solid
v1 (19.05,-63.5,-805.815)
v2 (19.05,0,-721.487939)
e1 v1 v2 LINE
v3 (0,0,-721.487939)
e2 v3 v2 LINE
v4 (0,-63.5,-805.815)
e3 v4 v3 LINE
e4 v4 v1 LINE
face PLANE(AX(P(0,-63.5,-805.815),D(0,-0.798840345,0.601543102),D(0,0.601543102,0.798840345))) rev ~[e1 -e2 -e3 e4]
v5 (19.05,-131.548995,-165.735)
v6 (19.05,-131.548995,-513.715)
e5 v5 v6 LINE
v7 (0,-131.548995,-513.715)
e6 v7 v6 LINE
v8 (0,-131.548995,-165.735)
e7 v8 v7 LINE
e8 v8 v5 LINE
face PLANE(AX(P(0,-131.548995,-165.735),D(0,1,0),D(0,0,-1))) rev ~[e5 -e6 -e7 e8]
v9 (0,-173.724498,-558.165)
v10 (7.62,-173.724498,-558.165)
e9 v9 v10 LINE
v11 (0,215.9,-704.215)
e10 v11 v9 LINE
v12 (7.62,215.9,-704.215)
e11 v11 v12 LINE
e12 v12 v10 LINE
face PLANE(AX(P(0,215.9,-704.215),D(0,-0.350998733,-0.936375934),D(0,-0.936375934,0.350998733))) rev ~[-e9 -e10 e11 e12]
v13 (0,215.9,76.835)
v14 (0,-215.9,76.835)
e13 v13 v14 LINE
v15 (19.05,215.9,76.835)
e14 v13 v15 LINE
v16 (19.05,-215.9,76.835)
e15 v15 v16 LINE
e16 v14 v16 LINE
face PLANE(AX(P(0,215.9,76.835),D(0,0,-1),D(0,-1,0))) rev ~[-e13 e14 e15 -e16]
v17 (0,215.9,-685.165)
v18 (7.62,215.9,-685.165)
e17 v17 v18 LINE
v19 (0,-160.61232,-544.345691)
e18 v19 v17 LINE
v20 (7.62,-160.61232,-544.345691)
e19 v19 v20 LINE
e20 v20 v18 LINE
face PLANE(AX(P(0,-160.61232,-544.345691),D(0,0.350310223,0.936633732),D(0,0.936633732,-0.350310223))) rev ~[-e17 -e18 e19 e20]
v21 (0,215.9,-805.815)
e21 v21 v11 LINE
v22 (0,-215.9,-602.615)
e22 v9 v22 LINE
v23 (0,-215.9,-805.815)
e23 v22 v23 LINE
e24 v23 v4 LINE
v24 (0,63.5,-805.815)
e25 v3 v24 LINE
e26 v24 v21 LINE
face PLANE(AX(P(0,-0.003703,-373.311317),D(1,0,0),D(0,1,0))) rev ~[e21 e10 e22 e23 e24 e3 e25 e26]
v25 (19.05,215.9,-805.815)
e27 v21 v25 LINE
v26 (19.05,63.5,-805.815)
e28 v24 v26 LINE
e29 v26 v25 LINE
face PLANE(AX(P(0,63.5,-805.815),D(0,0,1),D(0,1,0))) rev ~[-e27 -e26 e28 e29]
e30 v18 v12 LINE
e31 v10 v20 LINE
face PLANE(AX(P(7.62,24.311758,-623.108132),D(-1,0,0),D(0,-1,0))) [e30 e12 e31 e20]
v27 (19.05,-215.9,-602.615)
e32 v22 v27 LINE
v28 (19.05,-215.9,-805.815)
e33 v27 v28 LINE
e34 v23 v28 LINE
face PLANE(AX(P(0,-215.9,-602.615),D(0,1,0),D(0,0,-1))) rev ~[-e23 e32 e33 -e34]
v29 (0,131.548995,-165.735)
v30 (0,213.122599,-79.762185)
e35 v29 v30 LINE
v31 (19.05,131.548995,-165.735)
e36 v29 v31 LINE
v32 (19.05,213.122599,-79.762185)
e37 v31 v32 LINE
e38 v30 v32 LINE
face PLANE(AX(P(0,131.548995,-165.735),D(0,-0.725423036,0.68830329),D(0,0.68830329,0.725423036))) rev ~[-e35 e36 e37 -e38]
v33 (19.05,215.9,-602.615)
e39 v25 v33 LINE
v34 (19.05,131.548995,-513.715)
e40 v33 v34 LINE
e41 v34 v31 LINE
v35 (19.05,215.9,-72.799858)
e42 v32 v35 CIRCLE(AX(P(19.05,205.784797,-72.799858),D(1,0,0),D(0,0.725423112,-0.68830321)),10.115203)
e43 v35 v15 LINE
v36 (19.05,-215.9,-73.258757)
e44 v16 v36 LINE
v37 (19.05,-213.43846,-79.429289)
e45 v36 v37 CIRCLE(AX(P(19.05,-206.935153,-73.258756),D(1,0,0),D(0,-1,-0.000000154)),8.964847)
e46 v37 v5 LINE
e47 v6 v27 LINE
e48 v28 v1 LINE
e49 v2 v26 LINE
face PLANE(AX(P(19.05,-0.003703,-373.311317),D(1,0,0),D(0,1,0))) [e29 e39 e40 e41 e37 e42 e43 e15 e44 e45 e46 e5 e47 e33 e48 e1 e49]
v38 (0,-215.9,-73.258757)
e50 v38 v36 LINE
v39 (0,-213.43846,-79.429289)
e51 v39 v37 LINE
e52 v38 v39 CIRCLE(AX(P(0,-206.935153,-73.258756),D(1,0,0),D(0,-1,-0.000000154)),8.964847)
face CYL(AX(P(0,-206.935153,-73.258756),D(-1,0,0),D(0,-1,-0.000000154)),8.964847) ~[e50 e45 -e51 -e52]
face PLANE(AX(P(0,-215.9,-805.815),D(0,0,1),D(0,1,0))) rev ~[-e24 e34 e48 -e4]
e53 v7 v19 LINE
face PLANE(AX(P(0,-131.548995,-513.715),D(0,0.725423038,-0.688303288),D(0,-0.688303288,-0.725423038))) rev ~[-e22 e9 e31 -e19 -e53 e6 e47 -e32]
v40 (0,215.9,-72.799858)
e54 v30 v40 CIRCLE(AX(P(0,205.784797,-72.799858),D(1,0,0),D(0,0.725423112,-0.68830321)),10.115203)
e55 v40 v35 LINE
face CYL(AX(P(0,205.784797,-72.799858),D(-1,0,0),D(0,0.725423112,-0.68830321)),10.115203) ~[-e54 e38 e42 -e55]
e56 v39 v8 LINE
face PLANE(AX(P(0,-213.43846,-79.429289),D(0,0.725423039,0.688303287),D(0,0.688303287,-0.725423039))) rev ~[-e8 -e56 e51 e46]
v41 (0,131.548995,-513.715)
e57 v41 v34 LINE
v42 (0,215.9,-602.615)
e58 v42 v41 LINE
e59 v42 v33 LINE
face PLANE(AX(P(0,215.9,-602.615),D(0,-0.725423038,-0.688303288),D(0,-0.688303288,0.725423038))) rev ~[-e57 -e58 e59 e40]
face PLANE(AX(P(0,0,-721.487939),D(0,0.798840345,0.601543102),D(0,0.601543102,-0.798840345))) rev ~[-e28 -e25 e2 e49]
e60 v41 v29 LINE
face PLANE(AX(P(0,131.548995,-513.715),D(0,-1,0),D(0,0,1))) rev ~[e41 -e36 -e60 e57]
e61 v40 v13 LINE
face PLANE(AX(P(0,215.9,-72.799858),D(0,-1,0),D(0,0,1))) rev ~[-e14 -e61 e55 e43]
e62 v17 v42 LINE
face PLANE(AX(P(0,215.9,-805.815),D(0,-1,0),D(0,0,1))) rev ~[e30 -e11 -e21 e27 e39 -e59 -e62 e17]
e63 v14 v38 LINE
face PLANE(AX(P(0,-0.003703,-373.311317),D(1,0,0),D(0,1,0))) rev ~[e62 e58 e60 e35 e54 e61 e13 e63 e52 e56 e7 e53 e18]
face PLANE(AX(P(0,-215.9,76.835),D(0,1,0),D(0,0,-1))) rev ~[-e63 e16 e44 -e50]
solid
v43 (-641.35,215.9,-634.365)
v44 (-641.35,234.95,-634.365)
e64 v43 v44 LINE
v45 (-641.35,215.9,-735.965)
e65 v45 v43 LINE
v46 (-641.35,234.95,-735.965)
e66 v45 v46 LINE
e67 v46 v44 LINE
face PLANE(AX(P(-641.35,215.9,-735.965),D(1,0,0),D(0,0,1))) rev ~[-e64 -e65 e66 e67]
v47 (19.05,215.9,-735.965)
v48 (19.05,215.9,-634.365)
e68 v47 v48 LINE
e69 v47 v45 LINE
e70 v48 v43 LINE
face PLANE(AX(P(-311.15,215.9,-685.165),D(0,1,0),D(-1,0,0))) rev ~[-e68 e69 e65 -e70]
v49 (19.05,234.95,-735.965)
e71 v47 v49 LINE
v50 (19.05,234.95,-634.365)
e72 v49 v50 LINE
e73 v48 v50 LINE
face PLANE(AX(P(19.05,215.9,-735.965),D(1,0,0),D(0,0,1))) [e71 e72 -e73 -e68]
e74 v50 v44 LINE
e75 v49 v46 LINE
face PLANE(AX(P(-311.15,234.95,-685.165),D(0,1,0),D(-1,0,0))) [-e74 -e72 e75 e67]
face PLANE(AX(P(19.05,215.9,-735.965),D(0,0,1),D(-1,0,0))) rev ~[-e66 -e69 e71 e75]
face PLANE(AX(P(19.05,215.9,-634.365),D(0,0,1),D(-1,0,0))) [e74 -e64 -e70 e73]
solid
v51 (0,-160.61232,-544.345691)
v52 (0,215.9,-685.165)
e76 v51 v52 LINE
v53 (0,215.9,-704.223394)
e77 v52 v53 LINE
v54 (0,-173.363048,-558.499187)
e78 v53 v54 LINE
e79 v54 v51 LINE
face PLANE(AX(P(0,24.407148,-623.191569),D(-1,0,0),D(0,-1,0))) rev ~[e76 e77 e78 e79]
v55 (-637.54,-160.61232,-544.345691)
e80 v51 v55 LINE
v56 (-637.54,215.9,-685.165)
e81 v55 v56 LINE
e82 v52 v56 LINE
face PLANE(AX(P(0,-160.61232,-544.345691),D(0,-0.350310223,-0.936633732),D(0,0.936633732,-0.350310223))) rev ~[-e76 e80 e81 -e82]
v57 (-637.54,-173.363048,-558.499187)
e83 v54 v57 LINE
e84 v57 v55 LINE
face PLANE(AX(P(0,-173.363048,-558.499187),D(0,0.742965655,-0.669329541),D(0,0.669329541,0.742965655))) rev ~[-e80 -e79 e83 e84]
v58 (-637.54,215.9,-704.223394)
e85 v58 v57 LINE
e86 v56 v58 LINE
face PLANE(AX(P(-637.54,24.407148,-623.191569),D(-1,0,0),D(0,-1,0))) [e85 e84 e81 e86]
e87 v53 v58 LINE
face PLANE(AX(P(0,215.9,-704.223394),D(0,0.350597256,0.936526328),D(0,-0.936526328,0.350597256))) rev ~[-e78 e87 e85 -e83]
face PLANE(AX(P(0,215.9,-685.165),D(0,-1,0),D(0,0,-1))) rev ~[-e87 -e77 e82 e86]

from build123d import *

# Parameters (mm, degrees)
F1_DEPTH = 19.05
F3_DEPTH = 7.62
F4_W     = 660.4
F4_H     = 101.6
F5_DEPTH = 19.05
F7_DEPTH = 637.54


with BuildPart() as f1:
    # F0 (on Right) → F1 (new body)
    with BuildSketch(Plane.YZ):
        with BuildLine():
            Line((215.9, -72.799858), (215.9, 76.835))
            Line((215.9, 76.835), (-215.9, 76.835))
            Line((-215.9, 76.835), (-215.9, -73.258757))
            ThreePointArc((-215.9, -73.258757), (-215.261906, -76.580452), (-213.43846, -79.429289))
            Line((-213.43846, -79.429289), (-131.548995, -165.735))
            Line((-131.548995, -165.735), (-131.548995, -513.715))
            Line((-131.548995, -513.715), (-215.9, -602.615))
            Line((-215.9, -602.615), (-215.9, -805.815))
            Line((-215.9, -805.815), (-63.5, -805.815))
            Line((-63.5, -805.815), (0, -721.487939))
            Line((0, -721.487939), (63.5, -805.815))
            Line((63.5, -805.815), (215.9, -805.815))
            Line((215.9, -805.815), (215.9, -602.615))
            Line((215.9, -602.615), (131.548995, -513.715))
            Line((131.548995, -513.715), (131.548995, -165.735))
            Line((131.548995, -165.735), (213.122599, -79.762185))
            ThreePointArc((213.122599, -79.762185), (215.180027, -76.547789), (215.9, -72.799858))
        make_face()
    extrude(amount=F1_DEPTH)

    # F2 (on face) → F3 (cut)
    with BuildSketch(Plane(origin=(0, 0, 0), x_dir=(0, -1, 0), z_dir=(-1, 0, 0))):
        Polygon((-215.9, -685.165), (-215.9, -704.215), (173.724498, -558.165), (160.61232, -544.345691), align=None)
    extrude(amount=-F3_DEPTH, mode=Mode.SUBTRACT)


with BuildPart() as f5:
    # F4 (on face) → F5 (new body)
    with BuildSketch(Plane(origin=(0, 215.9, 0), x_dir=(-1, 0, 0), z_dir=(0, 1, 0))):
        with Locations((311.15, -685.165)):
            Rectangle(F4_W, F4_H)
    extrude(amount=F5_DEPTH)


with BuildPart() as f7:
    # F6 (on face) → F7 (new body)
    with BuildSketch(Plane(origin=(0, 0, 0), x_dir=(0, -1, 0), z_dir=(-1, 0, 0))):
        Polygon((160.61232, -544.345691), (-215.9, -685.165), (-215.9, -704.223394), (173.363048, -558.499187), align=None)
    extrude(amount=F7_DEPTH)


solid = Compound([f1.part, f5.part, f7.part])
